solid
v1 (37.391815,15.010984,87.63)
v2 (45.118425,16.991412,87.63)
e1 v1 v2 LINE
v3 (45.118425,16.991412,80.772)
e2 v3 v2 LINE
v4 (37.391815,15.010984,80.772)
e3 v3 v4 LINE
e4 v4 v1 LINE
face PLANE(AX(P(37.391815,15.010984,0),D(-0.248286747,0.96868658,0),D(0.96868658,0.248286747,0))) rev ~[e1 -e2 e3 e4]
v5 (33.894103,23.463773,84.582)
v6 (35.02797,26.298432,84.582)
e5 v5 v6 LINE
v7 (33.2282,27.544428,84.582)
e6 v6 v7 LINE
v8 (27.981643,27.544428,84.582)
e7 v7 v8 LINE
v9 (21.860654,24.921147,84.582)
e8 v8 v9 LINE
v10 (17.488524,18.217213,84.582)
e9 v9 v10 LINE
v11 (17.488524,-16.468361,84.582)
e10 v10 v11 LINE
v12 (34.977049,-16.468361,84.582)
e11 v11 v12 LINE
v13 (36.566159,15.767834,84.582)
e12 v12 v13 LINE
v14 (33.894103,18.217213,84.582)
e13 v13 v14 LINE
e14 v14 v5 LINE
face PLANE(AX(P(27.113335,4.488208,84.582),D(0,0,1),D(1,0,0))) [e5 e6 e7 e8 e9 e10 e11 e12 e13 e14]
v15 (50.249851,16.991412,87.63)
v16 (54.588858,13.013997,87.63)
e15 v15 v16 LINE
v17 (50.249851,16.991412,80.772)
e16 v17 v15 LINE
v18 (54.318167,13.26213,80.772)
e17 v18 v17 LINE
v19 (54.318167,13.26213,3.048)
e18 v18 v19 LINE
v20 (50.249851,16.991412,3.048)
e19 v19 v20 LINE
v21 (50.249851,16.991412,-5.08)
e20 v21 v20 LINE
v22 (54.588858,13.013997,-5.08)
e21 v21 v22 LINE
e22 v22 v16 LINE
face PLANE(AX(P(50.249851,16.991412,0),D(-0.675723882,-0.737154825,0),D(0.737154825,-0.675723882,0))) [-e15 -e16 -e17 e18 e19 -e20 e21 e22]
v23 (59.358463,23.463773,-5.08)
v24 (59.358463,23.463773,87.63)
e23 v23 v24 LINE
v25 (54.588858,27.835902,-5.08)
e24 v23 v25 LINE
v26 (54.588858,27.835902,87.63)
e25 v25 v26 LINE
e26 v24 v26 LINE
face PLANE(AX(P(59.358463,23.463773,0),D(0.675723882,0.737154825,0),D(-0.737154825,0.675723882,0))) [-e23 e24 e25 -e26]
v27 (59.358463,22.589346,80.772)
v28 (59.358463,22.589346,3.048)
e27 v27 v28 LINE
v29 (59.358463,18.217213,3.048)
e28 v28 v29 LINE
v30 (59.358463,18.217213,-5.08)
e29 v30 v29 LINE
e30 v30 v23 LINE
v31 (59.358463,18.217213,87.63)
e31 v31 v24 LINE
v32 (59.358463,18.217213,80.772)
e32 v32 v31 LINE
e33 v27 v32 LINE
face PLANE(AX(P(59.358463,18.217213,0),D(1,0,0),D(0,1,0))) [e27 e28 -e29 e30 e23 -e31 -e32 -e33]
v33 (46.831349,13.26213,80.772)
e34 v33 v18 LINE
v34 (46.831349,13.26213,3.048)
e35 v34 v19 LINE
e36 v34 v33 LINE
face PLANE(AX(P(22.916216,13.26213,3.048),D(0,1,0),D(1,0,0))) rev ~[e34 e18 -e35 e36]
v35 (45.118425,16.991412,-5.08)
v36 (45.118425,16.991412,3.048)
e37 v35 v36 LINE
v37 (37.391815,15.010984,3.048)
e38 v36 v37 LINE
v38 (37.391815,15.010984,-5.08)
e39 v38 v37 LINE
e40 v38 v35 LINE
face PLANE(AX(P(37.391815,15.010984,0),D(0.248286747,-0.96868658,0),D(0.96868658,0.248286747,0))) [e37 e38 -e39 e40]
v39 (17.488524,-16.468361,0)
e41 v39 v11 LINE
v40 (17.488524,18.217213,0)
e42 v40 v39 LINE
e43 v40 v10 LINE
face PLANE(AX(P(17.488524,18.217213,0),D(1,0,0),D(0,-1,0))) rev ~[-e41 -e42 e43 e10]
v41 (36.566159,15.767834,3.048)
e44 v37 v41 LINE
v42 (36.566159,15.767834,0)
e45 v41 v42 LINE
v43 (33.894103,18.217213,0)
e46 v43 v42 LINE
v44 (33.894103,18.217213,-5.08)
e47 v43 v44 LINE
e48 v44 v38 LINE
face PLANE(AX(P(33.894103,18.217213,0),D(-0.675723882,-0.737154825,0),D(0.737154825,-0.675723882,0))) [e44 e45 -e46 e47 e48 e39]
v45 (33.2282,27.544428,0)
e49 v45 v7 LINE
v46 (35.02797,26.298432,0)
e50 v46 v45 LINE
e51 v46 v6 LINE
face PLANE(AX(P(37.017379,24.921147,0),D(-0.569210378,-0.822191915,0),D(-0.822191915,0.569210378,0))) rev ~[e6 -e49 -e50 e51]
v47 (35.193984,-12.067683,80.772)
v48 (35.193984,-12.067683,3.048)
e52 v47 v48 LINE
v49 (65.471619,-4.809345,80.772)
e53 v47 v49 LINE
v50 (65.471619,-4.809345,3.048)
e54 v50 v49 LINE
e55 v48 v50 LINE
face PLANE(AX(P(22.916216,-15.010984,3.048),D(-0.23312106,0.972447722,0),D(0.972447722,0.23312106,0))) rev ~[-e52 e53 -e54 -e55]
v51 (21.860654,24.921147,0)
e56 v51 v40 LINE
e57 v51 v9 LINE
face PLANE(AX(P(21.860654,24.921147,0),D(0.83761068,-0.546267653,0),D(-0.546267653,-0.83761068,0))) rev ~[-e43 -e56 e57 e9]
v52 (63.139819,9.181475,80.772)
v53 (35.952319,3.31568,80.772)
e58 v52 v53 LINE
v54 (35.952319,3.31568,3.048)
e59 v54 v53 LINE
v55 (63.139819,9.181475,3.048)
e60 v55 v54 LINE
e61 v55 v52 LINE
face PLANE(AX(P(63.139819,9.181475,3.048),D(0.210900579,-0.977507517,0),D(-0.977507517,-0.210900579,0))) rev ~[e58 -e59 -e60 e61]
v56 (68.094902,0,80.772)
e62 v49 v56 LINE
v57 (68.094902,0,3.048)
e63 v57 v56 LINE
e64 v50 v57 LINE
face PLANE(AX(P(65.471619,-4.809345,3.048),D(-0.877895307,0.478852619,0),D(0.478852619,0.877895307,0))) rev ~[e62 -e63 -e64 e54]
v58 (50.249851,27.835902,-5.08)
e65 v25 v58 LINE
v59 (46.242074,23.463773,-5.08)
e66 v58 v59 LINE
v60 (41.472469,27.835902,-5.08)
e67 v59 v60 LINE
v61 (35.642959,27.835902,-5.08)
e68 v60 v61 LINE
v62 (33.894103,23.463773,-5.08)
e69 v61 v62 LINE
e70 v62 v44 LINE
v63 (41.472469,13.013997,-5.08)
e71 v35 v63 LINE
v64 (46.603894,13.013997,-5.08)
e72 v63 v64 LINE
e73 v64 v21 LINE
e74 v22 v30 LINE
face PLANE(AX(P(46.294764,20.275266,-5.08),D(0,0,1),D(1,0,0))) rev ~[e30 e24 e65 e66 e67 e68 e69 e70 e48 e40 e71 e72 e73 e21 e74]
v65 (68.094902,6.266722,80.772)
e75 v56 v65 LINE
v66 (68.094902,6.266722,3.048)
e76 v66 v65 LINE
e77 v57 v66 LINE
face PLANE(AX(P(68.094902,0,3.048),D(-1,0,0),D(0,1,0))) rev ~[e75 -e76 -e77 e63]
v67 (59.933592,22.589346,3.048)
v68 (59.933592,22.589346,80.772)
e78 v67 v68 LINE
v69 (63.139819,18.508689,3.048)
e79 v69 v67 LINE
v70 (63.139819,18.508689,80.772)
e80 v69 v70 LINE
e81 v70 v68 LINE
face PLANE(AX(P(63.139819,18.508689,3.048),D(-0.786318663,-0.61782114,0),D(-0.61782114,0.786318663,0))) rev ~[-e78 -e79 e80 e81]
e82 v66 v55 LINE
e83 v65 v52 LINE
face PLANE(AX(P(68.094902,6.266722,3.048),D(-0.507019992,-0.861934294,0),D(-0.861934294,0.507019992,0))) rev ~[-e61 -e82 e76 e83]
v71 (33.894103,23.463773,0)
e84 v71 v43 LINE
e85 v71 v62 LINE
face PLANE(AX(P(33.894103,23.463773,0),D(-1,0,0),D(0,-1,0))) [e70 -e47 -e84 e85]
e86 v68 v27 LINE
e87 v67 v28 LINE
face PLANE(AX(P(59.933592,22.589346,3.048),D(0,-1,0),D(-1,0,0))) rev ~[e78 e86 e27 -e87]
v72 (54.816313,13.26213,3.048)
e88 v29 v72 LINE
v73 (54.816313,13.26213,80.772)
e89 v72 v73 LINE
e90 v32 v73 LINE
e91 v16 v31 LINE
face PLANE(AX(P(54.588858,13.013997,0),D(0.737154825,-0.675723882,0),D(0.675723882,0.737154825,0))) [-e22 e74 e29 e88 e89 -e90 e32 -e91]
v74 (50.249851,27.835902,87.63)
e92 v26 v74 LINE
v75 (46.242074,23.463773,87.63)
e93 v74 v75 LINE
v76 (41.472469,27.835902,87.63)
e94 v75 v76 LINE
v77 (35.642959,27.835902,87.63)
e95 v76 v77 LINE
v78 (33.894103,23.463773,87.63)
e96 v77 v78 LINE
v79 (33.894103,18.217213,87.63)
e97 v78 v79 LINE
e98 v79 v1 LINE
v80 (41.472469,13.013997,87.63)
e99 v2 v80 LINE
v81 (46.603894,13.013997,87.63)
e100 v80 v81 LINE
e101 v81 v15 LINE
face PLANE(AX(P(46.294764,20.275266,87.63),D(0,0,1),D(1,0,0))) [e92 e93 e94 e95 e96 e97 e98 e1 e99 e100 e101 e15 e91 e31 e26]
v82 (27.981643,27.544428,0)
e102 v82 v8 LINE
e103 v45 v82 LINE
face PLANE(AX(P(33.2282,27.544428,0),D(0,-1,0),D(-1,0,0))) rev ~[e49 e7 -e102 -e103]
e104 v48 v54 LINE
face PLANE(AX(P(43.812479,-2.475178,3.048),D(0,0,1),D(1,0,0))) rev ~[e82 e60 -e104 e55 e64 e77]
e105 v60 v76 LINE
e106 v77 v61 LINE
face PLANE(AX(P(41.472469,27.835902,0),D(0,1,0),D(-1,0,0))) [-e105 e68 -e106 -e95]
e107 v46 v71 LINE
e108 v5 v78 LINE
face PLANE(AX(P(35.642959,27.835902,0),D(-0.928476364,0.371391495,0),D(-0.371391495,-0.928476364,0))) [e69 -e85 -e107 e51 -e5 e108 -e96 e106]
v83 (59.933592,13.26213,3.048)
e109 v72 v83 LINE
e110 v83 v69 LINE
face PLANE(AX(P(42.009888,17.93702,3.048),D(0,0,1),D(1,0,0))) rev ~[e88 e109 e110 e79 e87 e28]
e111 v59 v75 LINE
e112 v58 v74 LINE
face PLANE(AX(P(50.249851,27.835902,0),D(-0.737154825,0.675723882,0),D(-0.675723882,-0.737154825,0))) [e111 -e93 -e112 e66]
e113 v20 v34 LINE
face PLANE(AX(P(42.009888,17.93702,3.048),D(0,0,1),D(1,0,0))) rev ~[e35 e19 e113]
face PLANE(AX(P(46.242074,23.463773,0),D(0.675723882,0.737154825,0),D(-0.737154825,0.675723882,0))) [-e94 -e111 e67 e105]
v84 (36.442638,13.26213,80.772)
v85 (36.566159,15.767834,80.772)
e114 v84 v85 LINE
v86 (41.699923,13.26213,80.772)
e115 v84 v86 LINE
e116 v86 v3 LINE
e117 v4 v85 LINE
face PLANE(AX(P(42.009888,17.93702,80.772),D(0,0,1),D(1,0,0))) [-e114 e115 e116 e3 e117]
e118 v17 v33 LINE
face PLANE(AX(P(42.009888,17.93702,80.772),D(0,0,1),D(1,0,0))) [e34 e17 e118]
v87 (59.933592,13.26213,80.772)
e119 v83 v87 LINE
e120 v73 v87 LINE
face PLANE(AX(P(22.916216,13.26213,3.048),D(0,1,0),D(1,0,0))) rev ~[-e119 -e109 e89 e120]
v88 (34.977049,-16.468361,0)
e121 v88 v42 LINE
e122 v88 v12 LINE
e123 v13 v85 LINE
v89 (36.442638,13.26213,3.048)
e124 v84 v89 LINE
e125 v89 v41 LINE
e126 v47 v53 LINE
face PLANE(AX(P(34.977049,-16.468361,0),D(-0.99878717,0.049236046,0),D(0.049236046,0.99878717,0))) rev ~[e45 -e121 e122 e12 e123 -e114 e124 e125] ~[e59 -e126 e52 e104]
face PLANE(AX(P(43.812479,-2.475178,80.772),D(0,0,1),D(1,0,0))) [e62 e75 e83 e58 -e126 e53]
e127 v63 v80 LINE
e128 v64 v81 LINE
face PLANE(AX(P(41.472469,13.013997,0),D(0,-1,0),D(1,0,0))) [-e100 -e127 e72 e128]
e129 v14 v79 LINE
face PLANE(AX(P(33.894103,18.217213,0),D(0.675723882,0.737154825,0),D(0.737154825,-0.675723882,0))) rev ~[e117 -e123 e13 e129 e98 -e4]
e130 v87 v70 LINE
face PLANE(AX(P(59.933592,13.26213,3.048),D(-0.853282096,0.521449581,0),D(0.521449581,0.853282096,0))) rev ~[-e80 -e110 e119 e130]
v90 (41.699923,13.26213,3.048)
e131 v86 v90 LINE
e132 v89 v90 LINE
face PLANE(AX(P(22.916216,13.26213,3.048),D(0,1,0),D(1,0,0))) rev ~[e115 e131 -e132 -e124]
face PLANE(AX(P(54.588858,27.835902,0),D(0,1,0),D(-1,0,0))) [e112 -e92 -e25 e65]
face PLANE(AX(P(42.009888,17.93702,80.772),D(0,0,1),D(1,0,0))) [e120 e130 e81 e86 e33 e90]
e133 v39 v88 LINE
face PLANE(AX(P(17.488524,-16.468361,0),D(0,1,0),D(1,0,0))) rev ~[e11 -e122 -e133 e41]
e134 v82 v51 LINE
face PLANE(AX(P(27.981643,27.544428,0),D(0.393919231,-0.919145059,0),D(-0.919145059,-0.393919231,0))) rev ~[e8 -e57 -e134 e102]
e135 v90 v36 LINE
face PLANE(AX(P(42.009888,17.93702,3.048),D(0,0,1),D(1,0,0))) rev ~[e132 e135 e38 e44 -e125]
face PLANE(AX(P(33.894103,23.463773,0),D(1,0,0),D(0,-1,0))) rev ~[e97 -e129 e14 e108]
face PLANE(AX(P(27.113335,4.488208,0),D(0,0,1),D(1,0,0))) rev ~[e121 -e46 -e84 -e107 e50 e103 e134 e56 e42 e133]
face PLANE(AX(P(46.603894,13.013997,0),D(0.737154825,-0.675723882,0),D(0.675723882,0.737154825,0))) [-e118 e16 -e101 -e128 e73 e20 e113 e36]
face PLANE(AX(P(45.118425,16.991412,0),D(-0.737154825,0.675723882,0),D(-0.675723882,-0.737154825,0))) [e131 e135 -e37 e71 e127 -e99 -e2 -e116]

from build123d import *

# Parameters (mm, degrees)
F1_DEPTH      = 84.582
F3_START      = 3.048
F3_DEPTH      = 77.724
F5_DEPTH      = 87.63
F5_DEPTH_BACK = 5.08


with BuildPart() as f1:
    # F0 (on Top) → F1 (new body)
    with BuildSketch(Plane.XY):
        Polygon((17.4885243177, -16.4683610201), (34.9770486355, -16.4683610201), (37.0173789561, 24.9211471528), (33.228199929, 27.5444276631), (27.9816426337, 27.5444276631), (21.8606535345, 24.9211471528), (17.4885243177, 18.2172134519), align=None)
    extrude(amount=F1_DEPTH)

    # F2 (on Top) → F3 (join)
    with BuildSketch(Plane.XY.offset(F3_START)):
        Polygon((63.1398186088, 9.1814752668), (20.5844063312, 0), (22.9162164032, -15.0109836832), (65.4716193676, -4.809344653), (68.0949017406, 0), (68.0949017406, 6.2667215243), align=None)
        Polygon((59.933591634, 22.5893463939), (37.1985062957, 22.5893463939), (22.9162164032, 22.5893463939), (22.9162164032, 13.2621303201), (59.933591634, 13.2621303201), (63.1398186088, 18.508689478), align=None)
    extrude(amount=F3_DEPTH)

    # F4 (on Top) → F5 (join, two sides)
    with BuildSketch(Plane.XY) as f5_sk:
        Polygon((33.8941030204, 18.2172134519), (37.3918153346, 15.0109836832), (45.1184251433, 16.9914124986), (41.4724685252, 13.0139971915), (46.6038940806, 13.0139971915), (50.2498506988, 16.9914124986), (54.5888580382, 13.0139971915), (59.3584632455, 18.2172134519), (59.3584632455, 23.4637726098), (54.5888580382, 27.8359018266), (50.2498506988, 27.8359018266), (46.2420737325, 23.4637726098), (41.4724685252, 27.8359018266), (35.6429591775, 27.8359018266), (33.8941030204, 23.4637726098), align=None)
    extrude(amount=F5_DEPTH)
    extrude(f5_sk.sketch, amount=-F5_DEPTH_BACK)


solid = f1.part
